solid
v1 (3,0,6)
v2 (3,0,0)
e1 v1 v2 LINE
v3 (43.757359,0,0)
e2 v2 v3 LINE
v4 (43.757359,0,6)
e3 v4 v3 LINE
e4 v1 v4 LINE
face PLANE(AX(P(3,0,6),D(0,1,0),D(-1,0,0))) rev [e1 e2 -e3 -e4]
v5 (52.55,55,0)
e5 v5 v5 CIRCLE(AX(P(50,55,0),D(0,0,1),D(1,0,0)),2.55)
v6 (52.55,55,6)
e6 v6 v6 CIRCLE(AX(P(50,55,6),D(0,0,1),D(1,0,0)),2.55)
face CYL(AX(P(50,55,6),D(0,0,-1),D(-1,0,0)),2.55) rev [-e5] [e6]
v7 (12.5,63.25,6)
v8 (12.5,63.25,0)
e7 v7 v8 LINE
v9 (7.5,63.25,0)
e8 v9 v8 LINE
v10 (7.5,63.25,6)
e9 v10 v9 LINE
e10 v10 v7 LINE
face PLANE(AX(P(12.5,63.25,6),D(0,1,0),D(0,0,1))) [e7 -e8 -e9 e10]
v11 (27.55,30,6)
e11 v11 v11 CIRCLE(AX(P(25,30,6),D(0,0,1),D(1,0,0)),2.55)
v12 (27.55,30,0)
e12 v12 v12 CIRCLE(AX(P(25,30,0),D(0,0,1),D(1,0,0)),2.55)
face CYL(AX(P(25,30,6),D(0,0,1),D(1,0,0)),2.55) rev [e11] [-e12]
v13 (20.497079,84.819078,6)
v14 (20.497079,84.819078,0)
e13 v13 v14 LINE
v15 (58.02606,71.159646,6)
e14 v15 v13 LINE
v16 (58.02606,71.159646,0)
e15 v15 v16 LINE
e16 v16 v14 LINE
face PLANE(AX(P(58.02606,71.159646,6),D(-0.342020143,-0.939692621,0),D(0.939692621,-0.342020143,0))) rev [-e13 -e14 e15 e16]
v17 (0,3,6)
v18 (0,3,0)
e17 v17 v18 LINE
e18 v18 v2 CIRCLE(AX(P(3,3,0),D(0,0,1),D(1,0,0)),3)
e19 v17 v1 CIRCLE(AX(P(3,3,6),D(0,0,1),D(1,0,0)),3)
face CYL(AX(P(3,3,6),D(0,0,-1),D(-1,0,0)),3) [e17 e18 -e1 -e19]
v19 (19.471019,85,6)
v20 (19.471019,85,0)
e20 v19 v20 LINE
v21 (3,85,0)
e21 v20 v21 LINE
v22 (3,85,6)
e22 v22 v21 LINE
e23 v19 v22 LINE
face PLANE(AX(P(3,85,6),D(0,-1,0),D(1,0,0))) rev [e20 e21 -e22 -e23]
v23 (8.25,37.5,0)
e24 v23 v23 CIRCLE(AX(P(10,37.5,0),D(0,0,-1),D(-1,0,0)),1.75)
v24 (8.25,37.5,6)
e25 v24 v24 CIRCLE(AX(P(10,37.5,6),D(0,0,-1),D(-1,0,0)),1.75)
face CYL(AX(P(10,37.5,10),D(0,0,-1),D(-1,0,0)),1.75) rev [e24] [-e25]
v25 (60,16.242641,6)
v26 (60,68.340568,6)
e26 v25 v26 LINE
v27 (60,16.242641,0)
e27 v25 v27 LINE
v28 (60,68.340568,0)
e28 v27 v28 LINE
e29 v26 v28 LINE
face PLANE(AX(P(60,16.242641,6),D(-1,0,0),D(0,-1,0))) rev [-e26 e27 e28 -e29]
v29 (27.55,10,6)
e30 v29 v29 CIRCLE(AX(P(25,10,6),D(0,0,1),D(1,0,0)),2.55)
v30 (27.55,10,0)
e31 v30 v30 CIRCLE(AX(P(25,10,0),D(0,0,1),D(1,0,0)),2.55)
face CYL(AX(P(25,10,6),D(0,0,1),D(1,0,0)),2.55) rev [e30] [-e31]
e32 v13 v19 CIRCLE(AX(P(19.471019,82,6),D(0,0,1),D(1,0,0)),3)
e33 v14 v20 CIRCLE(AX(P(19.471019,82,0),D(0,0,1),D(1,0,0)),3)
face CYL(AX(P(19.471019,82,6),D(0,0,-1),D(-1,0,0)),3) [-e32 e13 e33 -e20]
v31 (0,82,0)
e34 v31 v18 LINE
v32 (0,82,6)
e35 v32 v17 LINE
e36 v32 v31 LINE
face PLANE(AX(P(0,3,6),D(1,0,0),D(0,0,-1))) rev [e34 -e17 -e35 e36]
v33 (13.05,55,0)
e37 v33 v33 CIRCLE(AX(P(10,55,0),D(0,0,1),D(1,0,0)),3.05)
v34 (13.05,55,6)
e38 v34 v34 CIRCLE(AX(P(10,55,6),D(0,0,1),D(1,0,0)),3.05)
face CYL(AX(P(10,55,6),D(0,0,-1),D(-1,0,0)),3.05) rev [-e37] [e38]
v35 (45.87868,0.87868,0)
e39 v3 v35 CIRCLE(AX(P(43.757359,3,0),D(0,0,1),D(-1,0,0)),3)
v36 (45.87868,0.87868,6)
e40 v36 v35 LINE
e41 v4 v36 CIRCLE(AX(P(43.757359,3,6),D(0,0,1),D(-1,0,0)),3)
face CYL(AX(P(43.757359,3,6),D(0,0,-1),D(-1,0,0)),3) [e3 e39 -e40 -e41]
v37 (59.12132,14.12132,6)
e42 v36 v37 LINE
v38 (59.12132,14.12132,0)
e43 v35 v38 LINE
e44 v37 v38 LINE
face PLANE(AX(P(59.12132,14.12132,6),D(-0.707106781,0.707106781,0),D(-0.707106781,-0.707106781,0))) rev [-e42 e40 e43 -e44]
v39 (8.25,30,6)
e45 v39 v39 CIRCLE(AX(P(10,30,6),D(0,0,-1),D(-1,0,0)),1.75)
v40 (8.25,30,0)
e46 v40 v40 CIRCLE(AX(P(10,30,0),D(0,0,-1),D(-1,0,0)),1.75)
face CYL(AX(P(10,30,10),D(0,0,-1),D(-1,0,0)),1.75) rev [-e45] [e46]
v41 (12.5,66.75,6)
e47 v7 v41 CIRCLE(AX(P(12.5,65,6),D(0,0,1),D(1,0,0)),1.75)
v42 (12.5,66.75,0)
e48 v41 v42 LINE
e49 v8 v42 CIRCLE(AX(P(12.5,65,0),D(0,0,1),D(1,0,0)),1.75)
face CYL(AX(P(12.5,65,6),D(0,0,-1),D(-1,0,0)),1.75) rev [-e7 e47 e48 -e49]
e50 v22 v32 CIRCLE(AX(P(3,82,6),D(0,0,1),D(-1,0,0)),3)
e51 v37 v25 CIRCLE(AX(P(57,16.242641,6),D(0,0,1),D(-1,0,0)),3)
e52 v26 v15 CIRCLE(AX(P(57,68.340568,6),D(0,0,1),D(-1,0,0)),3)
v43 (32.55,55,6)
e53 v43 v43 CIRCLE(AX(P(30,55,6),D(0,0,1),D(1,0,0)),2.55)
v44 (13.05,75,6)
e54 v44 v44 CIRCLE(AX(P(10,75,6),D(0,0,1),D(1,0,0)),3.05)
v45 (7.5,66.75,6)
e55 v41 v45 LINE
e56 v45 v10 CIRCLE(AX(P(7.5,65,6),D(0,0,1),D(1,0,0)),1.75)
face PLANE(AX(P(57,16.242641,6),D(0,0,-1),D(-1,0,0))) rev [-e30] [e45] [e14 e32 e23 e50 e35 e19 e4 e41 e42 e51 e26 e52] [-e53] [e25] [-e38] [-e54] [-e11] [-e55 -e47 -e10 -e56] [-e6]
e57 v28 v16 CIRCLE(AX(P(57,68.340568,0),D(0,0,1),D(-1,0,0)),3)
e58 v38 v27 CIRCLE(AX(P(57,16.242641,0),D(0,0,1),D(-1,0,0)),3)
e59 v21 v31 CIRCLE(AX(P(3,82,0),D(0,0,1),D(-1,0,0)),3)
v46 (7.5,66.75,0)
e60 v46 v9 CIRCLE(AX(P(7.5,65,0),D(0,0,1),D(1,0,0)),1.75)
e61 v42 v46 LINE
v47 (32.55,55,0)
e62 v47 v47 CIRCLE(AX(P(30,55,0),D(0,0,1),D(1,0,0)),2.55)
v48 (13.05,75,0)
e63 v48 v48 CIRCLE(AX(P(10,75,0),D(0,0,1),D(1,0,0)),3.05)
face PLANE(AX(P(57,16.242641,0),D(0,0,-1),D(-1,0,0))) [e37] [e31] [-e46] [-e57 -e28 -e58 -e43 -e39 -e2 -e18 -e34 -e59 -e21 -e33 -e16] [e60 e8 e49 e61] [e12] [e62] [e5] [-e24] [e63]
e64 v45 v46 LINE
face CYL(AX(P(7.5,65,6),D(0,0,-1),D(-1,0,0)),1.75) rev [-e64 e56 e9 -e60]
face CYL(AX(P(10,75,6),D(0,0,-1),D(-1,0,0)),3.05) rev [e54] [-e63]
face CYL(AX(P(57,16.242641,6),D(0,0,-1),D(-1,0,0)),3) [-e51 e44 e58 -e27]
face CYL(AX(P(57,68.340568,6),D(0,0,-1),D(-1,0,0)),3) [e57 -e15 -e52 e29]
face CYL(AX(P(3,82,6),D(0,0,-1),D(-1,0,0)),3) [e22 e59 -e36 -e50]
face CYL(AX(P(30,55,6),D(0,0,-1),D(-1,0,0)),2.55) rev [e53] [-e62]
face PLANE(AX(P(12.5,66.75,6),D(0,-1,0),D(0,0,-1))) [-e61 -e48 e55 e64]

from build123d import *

# Parameters (mm, degrees)
MODEL_R                  = 3.05
MODEL_R_2                = 2.55
BODY_DEPTH               = 6
SKETCH1_R                = 1.75
FORSENSOR_DEPTH          = 10
F_5_1_5_1_FOOTINGMOUNT_D = 5.1


with BuildPart() as part:
    # Model → Body (new body)
    with BuildSketch(Plane.XY):
        with BuildLine():
            Line((59.121320344, 14.121320344), (45.878679656, 0.878679656))
            ThreePointArc((45.878679656, 0.878679656), (44.90540961, 0.228361402), (43.757359313, 0))
            Line((43.757359313, 0), (3, 0))
            ThreePointArc((3, 0), (0.878679656, 0.878679656), (0, 3))
            Line((0, 3), (0, 82))
            ThreePointArc((0, 82), (0.878679656, 84.121320344), (3, 85))
            Line((3, 85), (19.471019058, 85))
            ThreePointArc((19.471019058, 85), (19.991963591, 84.954423259), (20.497079488, 84.819077862))
            Line((20.497079488, 84.819077862), (58.02606043, 71.159645877))
            ThreePointArc((58.02606043, 71.159645877), (59.457456133, 70.061297324), (60, 68.340568015))
            Line((60, 68.340568015), (60, 16.242640687))
            ThreePointArc((60, 16.242640687), (59.771638598, 15.09459039), (59.121320344, 14.121320344))
        make_face()
        with Locations((10, 75)):
            Circle(MODEL_R, mode=Mode.SUBTRACT)
        with Locations((10, 55)):
            Circle(MODEL_R, mode=Mode.SUBTRACT)
        with Locations((30, 55)):
            Circle(MODEL_R_2, mode=Mode.SUBTRACT)
        with Locations((50, 55)):
            Circle(MODEL_R_2, mode=Mode.SUBTRACT)
        with BuildLine():
            Line((12.5, 63.25), (7.5, 63.25))
            ThreePointArc((7.5, 63.25), (5.75, 65), (7.5, 66.75))
            Line((7.5, 66.75), (12.5, 66.75))
            ThreePointArc((12.5, 66.75), (14.25, 65), (12.5, 63.25))
        make_face(mode=Mode.SUBTRACT)
    extrude(amount=BODY_DEPTH)

    # Sketch1 → ForSensor (cut)
    with BuildSketch(Plane(origin=(0, 0, 0), x_dir=(-1, 0, 0), z_dir=(0, 0, -1))):
        with Locations((-10, 30)):
            Circle(SKETCH1_R)
        with Locations((-10, 37.5)):
            Circle(SKETCH1_R)
    extrude(amount=-FORSENSOR_DEPTH, mode=Mode.SUBTRACT)

    # Ø5.1 (5.1) FootingMount (through all)
    with Locations(Plane.XY.offset(6)):
        with Locations((25, 10), (25, 30)):
            Hole(F_5_1_5_1_FOOTINGMOUNT_D / 2)


solid = part.part
